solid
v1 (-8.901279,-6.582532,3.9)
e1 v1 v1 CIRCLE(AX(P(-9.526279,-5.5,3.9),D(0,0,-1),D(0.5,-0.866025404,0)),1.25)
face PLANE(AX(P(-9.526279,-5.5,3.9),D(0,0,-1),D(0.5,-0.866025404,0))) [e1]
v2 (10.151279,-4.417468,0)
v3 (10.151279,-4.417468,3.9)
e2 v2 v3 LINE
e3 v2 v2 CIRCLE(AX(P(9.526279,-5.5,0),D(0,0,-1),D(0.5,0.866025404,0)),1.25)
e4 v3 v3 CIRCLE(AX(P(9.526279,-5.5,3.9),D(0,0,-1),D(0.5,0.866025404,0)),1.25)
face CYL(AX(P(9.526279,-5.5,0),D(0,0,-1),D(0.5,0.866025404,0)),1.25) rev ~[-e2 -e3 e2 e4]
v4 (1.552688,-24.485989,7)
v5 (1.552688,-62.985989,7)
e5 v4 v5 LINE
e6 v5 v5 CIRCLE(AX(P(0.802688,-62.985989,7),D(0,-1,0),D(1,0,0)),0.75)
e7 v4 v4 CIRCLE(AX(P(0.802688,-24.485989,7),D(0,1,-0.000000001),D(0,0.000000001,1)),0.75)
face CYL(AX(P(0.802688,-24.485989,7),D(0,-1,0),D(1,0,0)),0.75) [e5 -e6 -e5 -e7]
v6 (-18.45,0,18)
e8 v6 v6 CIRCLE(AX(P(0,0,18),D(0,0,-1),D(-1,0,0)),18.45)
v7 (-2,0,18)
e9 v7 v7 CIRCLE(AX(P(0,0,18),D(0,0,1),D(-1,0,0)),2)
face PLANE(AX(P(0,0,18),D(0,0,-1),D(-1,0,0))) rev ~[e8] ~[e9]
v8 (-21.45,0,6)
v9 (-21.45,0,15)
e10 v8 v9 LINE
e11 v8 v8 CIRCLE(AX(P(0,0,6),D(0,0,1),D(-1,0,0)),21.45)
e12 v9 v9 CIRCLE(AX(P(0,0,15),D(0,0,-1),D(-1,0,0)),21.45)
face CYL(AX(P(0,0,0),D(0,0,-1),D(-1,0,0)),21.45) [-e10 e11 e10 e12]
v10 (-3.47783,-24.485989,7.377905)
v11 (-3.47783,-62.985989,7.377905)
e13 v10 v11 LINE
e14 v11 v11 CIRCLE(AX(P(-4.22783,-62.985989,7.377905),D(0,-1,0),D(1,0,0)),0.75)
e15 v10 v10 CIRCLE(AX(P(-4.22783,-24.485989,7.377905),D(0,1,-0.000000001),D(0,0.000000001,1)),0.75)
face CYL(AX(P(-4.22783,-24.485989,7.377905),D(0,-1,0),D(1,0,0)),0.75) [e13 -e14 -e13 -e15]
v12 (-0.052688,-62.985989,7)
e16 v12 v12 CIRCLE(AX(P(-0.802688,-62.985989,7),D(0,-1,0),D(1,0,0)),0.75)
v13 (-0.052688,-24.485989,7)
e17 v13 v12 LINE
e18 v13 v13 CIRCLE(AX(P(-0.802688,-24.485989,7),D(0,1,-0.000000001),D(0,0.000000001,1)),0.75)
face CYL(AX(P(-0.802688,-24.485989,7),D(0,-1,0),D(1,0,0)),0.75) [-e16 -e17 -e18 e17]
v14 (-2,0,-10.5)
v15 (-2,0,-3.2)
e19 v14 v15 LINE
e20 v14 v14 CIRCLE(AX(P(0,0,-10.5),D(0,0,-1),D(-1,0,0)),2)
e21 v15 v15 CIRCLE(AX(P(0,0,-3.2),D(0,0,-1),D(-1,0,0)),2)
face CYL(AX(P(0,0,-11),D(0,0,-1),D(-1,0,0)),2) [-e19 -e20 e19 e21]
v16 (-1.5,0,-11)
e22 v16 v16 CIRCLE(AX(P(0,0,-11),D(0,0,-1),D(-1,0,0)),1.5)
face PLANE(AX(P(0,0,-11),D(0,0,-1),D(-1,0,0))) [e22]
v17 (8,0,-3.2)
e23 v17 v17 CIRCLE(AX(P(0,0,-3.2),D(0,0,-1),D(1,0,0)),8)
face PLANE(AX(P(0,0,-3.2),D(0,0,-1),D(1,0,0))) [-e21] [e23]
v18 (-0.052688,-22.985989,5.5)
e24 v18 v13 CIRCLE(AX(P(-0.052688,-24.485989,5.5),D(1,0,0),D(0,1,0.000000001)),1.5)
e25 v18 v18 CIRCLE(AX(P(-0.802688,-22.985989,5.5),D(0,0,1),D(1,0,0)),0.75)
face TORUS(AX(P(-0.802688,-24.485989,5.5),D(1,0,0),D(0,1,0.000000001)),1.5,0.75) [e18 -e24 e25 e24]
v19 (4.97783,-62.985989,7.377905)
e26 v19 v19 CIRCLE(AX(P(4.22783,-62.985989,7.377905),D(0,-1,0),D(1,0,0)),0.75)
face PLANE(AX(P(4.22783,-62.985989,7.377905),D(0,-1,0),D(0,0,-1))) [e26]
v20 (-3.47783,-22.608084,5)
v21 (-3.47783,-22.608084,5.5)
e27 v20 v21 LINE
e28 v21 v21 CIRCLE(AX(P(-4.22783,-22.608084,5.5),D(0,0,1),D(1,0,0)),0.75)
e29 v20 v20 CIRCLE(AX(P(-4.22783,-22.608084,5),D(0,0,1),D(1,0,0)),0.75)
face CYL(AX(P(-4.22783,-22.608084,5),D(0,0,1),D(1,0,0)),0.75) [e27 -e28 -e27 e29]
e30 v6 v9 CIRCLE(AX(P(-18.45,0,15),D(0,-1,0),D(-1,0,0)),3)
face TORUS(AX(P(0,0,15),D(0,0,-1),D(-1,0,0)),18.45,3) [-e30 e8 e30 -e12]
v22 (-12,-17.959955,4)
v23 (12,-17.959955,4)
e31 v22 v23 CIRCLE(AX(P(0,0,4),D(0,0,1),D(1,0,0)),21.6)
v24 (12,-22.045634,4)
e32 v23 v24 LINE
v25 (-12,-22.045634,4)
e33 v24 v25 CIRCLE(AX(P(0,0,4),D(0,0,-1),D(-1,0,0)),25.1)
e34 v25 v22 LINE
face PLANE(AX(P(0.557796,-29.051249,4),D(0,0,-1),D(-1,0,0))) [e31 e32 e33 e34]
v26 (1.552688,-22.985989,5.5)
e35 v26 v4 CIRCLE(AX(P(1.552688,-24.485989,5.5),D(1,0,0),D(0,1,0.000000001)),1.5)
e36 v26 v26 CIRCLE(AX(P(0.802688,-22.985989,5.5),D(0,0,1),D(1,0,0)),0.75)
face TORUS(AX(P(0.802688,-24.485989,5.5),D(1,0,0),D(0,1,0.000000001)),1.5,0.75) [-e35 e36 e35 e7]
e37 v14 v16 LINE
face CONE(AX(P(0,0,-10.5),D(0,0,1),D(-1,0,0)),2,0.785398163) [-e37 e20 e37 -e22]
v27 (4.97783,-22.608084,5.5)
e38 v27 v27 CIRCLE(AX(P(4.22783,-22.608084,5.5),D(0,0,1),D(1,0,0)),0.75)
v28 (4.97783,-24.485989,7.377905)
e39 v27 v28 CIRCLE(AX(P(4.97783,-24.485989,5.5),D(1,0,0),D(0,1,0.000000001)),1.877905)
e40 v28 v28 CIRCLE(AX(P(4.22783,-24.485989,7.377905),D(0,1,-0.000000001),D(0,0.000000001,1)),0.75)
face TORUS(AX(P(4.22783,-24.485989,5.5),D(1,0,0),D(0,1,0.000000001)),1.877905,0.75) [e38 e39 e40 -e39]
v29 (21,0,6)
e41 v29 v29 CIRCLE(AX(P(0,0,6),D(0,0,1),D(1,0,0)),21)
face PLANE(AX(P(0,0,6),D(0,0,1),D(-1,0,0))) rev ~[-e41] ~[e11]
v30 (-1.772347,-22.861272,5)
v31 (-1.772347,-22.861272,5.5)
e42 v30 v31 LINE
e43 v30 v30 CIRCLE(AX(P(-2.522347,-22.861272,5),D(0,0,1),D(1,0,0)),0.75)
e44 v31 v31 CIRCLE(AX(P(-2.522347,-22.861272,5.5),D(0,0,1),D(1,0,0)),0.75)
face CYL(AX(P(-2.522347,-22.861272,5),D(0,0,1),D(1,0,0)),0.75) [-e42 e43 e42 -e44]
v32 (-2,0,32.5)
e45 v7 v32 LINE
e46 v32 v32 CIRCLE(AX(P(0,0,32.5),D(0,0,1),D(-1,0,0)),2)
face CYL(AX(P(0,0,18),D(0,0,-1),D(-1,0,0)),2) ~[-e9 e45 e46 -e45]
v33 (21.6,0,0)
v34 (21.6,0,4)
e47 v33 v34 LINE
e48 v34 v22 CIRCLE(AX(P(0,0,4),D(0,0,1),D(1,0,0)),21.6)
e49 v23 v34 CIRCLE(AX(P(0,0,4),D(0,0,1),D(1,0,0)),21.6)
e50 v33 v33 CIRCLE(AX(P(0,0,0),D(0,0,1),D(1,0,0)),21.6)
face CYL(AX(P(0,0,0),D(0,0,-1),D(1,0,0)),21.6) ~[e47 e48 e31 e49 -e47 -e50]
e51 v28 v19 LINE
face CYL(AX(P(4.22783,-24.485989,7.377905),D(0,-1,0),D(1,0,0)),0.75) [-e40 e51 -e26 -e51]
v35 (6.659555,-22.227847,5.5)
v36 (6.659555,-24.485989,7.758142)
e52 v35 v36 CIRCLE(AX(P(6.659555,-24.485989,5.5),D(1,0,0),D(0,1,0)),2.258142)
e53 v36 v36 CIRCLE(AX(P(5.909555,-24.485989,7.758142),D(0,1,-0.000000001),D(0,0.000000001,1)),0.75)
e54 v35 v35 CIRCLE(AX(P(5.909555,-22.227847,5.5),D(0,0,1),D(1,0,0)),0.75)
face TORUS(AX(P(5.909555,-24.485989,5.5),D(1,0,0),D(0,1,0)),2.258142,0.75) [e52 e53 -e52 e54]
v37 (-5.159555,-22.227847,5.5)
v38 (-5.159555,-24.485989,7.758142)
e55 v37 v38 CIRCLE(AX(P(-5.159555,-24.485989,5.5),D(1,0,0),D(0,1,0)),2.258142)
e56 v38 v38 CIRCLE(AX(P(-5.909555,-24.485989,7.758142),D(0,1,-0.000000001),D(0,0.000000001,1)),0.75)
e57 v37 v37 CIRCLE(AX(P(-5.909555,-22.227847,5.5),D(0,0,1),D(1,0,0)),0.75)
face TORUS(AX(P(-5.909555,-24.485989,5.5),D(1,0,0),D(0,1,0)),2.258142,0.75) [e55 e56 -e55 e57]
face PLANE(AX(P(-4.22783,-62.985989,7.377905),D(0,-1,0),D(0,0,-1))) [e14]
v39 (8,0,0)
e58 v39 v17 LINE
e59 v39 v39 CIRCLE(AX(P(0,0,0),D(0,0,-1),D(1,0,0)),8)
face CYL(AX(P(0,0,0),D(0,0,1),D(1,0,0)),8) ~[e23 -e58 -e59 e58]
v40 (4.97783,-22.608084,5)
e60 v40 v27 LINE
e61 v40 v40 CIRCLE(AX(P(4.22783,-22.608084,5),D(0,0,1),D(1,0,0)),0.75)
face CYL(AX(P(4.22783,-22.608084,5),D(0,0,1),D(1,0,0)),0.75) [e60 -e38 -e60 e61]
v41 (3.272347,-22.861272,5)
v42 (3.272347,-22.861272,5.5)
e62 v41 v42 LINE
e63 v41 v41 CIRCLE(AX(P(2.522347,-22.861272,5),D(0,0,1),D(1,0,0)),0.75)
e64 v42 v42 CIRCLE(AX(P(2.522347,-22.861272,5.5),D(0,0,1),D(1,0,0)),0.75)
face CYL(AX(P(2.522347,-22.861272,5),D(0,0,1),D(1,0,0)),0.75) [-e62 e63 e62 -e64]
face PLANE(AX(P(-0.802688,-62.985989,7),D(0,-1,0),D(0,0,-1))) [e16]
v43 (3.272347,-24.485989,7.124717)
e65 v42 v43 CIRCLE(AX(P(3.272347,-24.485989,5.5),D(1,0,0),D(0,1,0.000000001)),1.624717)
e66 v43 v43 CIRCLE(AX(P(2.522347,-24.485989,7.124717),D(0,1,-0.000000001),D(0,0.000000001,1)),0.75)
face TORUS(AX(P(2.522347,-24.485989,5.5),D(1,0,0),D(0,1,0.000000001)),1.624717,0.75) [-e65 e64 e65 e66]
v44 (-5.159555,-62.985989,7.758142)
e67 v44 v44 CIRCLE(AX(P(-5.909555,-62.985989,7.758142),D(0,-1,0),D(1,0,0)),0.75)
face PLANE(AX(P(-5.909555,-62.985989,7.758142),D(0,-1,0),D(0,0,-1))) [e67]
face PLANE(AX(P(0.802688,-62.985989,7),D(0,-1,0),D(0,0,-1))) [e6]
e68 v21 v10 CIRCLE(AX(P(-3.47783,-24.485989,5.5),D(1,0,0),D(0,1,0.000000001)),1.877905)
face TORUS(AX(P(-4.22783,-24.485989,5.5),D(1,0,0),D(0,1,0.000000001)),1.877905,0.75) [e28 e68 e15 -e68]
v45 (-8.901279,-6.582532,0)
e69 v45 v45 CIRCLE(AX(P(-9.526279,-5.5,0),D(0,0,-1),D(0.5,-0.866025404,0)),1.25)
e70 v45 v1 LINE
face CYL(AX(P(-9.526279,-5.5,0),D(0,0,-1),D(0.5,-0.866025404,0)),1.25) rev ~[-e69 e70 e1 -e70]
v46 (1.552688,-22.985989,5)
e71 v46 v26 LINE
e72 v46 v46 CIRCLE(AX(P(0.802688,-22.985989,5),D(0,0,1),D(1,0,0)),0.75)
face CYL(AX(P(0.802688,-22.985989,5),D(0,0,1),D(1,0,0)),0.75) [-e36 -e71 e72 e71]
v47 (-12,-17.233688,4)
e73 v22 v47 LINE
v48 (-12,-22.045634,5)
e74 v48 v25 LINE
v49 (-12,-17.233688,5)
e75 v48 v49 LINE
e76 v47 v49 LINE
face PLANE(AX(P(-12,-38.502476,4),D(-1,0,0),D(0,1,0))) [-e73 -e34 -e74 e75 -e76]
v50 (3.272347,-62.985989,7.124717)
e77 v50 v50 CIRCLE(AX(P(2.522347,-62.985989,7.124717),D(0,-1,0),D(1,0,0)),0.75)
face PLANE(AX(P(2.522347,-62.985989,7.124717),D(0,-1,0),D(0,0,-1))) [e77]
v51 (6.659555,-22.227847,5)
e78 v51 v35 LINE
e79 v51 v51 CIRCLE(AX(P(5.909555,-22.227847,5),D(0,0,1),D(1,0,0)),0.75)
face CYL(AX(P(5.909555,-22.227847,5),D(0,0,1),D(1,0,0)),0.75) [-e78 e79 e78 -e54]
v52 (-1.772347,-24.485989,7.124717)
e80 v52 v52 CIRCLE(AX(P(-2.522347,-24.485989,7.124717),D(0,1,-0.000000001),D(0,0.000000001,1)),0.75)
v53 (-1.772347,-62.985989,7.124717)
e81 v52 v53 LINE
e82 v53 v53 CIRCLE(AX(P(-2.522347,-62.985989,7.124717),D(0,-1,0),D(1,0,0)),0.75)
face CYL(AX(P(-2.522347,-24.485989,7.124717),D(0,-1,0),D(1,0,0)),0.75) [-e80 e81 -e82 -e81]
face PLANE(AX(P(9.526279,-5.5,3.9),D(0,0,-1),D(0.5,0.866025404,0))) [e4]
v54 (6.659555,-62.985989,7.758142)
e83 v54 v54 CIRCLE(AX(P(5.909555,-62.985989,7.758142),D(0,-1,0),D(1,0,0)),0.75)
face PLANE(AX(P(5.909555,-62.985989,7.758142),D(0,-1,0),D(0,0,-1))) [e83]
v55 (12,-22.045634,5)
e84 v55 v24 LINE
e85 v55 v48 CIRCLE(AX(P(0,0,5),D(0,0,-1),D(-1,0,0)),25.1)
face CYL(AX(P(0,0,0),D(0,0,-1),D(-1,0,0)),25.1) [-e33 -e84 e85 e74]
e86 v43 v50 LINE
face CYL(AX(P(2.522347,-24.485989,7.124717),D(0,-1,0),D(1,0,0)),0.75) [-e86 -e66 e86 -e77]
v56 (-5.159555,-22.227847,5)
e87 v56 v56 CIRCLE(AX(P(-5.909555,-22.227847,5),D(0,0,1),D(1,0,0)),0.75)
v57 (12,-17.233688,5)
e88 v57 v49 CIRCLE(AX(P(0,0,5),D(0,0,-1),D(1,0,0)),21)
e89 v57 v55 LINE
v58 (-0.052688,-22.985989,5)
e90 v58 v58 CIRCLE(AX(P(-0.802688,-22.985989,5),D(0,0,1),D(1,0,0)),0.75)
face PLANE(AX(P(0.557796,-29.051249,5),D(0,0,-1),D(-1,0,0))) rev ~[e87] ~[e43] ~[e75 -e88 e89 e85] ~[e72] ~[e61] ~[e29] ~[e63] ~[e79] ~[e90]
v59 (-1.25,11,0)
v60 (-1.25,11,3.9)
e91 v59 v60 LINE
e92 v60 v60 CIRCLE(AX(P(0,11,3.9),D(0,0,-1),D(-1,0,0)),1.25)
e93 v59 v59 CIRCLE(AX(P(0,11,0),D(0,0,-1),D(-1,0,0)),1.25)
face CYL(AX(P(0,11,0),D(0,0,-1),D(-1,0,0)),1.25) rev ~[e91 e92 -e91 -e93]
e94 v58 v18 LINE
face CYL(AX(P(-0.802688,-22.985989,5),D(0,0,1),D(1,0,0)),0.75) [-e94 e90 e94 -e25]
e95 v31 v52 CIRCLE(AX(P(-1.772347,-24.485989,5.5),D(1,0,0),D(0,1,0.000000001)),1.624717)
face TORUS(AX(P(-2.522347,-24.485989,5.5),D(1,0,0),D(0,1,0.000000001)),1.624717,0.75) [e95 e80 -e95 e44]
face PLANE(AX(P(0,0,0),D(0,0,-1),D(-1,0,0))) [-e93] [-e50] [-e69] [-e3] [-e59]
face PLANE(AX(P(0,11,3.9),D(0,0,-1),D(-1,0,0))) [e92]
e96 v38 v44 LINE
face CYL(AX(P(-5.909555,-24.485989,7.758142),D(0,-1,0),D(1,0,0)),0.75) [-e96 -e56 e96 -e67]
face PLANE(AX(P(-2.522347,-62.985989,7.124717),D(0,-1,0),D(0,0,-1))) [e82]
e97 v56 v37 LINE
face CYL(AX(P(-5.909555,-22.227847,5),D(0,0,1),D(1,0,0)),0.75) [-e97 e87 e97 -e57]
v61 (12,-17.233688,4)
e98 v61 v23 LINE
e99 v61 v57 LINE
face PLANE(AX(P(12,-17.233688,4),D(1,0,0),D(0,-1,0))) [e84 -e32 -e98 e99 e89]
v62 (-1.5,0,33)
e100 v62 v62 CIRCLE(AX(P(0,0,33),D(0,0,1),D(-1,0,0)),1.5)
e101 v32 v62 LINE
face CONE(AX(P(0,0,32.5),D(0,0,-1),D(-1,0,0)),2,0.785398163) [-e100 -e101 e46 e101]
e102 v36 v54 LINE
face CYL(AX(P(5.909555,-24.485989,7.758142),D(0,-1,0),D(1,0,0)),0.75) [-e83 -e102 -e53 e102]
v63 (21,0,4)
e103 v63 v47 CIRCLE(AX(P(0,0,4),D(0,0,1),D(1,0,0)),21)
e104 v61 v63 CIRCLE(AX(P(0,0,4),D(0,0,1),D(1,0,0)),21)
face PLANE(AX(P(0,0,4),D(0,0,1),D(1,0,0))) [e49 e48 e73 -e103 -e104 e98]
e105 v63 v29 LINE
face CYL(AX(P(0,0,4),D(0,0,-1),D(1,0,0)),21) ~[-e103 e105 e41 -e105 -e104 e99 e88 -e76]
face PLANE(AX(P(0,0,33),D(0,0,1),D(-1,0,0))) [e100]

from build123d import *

# Parameters (mm, degrees)
SKETCH_1_R               = 21.6
EXTRUDE_1_DEPTH          = 4
SKETCH_6_R               = 21.45
EXTRUDE_6_DEPTH          = 18
SKETCH_2_R               = 2
EXTRUDE_2_DEPTH          = 15
SKETCH_3_R               = 1.25
CUT_EXTRUDE_3_DEPTH      = 3.9
PATTERN_CIRCULAR_1_COUNT = 3
SKETCH_4_R               = 8
EXTRUDE_4_DEPTH          = 3.2
EXTRUDE_START            = 7.8
SKETCH_5_R               = 2
EXTRUDE_5_DEPTH          = 7.8
SKETCH_7_R               = 21.45
SKETCH_7_R_2             = 21
CUT_EXTRUDE_7_DEPTH      = 2
EXTRUDE_9_DEPTH          = 1
CHAMFER_1_SIZE           = 0.5
FILLET_1_R               = 3
SKETCH_10_OUTSIDE_W      = 62.704
SKETCH_10_OUTSIDE_H      = 81.606
SKETCH_10_OUTSIDE_R      = 25.1
CUT_EXTRUDE_1_DEPTH      = 10
SKETCH_11_R              = 0.75


with BuildPart() as part:
    # 草图1 → 拉伸1 (new body)
    with BuildSketch(Plane.XY):
        Circle(SKETCH_1_R)
    extrude(amount=EXTRUDE_1_DEPTH)

    # 草图6 → 拉伸6 (add)
    with BuildSketch(Plane(origin=(0, 0, 0), x_dir=(-1, 0, 0), z_dir=(0, 0, -1))):
        Circle(SKETCH_6_R)
    extrude(amount=-EXTRUDE_6_DEPTH)

    # 草图2 → 拉伸2 (add)
    with BuildSketch(Plane.XY.offset(18)):
        with Locations(Location((0, 0, 0), (0, 0, 180))):
            Circle(SKETCH_2_R)
    extrude(amount=EXTRUDE_2_DEPTH)

    # 草图3 → 拉伸3 (cut)
    with BuildSketch(Plane(origin=(0, 0, 0), x_dir=(-1, 0, 0), z_dir=(0, 0, -1))):
        with Locations((0, 11)):
            Circle(SKETCH_3_R)
    cut_extrude_3 = extrude(amount=-CUT_EXTRUDE_3_DEPTH, mode=Mode.SUBTRACT)

    # 阵列(圆周)1: 拉伸3 ×3 about axis
    pattern_circular_1_axis = Axis((0, 0, 0), (0, 0, 1))
    for i in range(1, PATTERN_CIRCULAR_1_COUNT):
        add(cut_extrude_3.rotate(pattern_circular_1_axis, i * 360 / PATTERN_CIRCULAR_1_COUNT), mode=Mode.SUBTRACT)

    # 草图4 → 拉伸4 (add)
    with BuildSketch(Plane(origin=(0, 0, 0), x_dir=(-1, 0, 0), z_dir=(0, 0, -1))):
        with Locations(Location((0, 0, 0), (0, 0, 180))):
            Circle(SKETCH_4_R)
    extrude(amount=EXTRUDE_4_DEPTH)

    # 草图5 → 拉伸5 (add)
    with BuildSketch(Plane(origin=(0, 0, -3.2), x_dir=(-1, 0, 0), z_dir=(0, 0, -1)).offset(EXTRUDE_START)):
        Circle(SKETCH_5_R)
    extrude(amount=-EXTRUDE_5_DEPTH)

    # 草图7 → 拉伸7 (cut)
    with BuildSketch(Plane.XY.offset(4)):
        with Locations(Location((0, 0, 0), (0, 0, 180))):
            Circle(SKETCH_7_R)
        Circle(SKETCH_7_R_2, mode=Mode.SUBTRACT)
    extrude(amount=CUT_EXTRUDE_7_DEPTH, mode=Mode.SUBTRACT)

    # 草图9 → 拉伸9 (add)
    with BuildSketch(Plane.XY.offset(4)):
        Polygon((-12, -17.23368794), (12, -17.23368794), (12, -38.502475842), (14, -40.502475842), (-10, -40.502475842), (-12, -38.502475842), align=None)
    extrude(amount=EXTRUDE_9_DEPTH)

    # 倒角1
    chamfer_1_edges = [part.edges().sort_by_distance(p)[0] for p in [
        (2, 0, 33),
        (2, 0, -11),
    ]]
    chamfer(chamfer_1_edges, length=CHAMFER_1_SIZE)

    # 圆角1
    fillet_1_edges = [part.edges().sort_by_distance(p)[0] for p in [
        (21.45, 0, 18),
    ]]
    fillet(fillet_1_edges, radius=FILLET_1_R)

    # 草图10 outside → 切除-拉伸1 (cut)
    with BuildSketch(Plane(origin=(0, 0, 0), x_dir=(-1, 0, 0), z_dir=(0, 0, -1))):
        with Locations((0, -9.451)):
            Rectangle(SKETCH_10_OUTSIDE_W, SKETCH_10_OUTSIDE_H)
        Circle(SKETCH_10_OUTSIDE_R, mode=Mode.SUBTRACT)
    extrude(amount=-CUT_EXTRUDE_1_DEPTH, mode=Mode.SUBTRACT)

    # 扫描1: sweep along a path in 草图12
    with BuildLine(Plane(origin=(0, 0, 0), x_dir=(0, 0, -1), z_dir=(1, 0, 0))) as sweep_1_path:
        Line((-5, -22.985989021), (-5.5, -22.985989021))
        ThreePointArc((-5.5, -22.985989021), (-6.560660172, -23.42532885), (-7, -24.485989021))
        Line((-7, -24.485989021), (-7, -62.985989021))
    # 草图11 → 扫描1 (sweep)
    with BuildSketch(Plane.XY.offset(5)):
        with Locations((-0.802688424, -22.985989021)):
            Circle(SKETCH_11_R)
        with Locations((-2.522346506, -22.861272233)):
            Circle(SKETCH_11_R)
        with Locations((-4.227829963, -22.608083815)):
            Circle(SKETCH_11_R)
        with Locations((-5.909554629, -22.227846591)):
            Circle(SKETCH_11_R)
        with Locations((5.909554629, -22.227846591)):
            Circle(SKETCH_11_R)
        with Locations((4.227829963, -22.608083815)):
            Circle(SKETCH_11_R)
        with Locations((2.522346506, -22.861272233)):
            Circle(SKETCH_11_R)
        with Locations((0.802688424, -22.985989021)):
            Circle(SKETCH_11_R)
    sweep(path=sweep_1_path.line)


solid = part.part
